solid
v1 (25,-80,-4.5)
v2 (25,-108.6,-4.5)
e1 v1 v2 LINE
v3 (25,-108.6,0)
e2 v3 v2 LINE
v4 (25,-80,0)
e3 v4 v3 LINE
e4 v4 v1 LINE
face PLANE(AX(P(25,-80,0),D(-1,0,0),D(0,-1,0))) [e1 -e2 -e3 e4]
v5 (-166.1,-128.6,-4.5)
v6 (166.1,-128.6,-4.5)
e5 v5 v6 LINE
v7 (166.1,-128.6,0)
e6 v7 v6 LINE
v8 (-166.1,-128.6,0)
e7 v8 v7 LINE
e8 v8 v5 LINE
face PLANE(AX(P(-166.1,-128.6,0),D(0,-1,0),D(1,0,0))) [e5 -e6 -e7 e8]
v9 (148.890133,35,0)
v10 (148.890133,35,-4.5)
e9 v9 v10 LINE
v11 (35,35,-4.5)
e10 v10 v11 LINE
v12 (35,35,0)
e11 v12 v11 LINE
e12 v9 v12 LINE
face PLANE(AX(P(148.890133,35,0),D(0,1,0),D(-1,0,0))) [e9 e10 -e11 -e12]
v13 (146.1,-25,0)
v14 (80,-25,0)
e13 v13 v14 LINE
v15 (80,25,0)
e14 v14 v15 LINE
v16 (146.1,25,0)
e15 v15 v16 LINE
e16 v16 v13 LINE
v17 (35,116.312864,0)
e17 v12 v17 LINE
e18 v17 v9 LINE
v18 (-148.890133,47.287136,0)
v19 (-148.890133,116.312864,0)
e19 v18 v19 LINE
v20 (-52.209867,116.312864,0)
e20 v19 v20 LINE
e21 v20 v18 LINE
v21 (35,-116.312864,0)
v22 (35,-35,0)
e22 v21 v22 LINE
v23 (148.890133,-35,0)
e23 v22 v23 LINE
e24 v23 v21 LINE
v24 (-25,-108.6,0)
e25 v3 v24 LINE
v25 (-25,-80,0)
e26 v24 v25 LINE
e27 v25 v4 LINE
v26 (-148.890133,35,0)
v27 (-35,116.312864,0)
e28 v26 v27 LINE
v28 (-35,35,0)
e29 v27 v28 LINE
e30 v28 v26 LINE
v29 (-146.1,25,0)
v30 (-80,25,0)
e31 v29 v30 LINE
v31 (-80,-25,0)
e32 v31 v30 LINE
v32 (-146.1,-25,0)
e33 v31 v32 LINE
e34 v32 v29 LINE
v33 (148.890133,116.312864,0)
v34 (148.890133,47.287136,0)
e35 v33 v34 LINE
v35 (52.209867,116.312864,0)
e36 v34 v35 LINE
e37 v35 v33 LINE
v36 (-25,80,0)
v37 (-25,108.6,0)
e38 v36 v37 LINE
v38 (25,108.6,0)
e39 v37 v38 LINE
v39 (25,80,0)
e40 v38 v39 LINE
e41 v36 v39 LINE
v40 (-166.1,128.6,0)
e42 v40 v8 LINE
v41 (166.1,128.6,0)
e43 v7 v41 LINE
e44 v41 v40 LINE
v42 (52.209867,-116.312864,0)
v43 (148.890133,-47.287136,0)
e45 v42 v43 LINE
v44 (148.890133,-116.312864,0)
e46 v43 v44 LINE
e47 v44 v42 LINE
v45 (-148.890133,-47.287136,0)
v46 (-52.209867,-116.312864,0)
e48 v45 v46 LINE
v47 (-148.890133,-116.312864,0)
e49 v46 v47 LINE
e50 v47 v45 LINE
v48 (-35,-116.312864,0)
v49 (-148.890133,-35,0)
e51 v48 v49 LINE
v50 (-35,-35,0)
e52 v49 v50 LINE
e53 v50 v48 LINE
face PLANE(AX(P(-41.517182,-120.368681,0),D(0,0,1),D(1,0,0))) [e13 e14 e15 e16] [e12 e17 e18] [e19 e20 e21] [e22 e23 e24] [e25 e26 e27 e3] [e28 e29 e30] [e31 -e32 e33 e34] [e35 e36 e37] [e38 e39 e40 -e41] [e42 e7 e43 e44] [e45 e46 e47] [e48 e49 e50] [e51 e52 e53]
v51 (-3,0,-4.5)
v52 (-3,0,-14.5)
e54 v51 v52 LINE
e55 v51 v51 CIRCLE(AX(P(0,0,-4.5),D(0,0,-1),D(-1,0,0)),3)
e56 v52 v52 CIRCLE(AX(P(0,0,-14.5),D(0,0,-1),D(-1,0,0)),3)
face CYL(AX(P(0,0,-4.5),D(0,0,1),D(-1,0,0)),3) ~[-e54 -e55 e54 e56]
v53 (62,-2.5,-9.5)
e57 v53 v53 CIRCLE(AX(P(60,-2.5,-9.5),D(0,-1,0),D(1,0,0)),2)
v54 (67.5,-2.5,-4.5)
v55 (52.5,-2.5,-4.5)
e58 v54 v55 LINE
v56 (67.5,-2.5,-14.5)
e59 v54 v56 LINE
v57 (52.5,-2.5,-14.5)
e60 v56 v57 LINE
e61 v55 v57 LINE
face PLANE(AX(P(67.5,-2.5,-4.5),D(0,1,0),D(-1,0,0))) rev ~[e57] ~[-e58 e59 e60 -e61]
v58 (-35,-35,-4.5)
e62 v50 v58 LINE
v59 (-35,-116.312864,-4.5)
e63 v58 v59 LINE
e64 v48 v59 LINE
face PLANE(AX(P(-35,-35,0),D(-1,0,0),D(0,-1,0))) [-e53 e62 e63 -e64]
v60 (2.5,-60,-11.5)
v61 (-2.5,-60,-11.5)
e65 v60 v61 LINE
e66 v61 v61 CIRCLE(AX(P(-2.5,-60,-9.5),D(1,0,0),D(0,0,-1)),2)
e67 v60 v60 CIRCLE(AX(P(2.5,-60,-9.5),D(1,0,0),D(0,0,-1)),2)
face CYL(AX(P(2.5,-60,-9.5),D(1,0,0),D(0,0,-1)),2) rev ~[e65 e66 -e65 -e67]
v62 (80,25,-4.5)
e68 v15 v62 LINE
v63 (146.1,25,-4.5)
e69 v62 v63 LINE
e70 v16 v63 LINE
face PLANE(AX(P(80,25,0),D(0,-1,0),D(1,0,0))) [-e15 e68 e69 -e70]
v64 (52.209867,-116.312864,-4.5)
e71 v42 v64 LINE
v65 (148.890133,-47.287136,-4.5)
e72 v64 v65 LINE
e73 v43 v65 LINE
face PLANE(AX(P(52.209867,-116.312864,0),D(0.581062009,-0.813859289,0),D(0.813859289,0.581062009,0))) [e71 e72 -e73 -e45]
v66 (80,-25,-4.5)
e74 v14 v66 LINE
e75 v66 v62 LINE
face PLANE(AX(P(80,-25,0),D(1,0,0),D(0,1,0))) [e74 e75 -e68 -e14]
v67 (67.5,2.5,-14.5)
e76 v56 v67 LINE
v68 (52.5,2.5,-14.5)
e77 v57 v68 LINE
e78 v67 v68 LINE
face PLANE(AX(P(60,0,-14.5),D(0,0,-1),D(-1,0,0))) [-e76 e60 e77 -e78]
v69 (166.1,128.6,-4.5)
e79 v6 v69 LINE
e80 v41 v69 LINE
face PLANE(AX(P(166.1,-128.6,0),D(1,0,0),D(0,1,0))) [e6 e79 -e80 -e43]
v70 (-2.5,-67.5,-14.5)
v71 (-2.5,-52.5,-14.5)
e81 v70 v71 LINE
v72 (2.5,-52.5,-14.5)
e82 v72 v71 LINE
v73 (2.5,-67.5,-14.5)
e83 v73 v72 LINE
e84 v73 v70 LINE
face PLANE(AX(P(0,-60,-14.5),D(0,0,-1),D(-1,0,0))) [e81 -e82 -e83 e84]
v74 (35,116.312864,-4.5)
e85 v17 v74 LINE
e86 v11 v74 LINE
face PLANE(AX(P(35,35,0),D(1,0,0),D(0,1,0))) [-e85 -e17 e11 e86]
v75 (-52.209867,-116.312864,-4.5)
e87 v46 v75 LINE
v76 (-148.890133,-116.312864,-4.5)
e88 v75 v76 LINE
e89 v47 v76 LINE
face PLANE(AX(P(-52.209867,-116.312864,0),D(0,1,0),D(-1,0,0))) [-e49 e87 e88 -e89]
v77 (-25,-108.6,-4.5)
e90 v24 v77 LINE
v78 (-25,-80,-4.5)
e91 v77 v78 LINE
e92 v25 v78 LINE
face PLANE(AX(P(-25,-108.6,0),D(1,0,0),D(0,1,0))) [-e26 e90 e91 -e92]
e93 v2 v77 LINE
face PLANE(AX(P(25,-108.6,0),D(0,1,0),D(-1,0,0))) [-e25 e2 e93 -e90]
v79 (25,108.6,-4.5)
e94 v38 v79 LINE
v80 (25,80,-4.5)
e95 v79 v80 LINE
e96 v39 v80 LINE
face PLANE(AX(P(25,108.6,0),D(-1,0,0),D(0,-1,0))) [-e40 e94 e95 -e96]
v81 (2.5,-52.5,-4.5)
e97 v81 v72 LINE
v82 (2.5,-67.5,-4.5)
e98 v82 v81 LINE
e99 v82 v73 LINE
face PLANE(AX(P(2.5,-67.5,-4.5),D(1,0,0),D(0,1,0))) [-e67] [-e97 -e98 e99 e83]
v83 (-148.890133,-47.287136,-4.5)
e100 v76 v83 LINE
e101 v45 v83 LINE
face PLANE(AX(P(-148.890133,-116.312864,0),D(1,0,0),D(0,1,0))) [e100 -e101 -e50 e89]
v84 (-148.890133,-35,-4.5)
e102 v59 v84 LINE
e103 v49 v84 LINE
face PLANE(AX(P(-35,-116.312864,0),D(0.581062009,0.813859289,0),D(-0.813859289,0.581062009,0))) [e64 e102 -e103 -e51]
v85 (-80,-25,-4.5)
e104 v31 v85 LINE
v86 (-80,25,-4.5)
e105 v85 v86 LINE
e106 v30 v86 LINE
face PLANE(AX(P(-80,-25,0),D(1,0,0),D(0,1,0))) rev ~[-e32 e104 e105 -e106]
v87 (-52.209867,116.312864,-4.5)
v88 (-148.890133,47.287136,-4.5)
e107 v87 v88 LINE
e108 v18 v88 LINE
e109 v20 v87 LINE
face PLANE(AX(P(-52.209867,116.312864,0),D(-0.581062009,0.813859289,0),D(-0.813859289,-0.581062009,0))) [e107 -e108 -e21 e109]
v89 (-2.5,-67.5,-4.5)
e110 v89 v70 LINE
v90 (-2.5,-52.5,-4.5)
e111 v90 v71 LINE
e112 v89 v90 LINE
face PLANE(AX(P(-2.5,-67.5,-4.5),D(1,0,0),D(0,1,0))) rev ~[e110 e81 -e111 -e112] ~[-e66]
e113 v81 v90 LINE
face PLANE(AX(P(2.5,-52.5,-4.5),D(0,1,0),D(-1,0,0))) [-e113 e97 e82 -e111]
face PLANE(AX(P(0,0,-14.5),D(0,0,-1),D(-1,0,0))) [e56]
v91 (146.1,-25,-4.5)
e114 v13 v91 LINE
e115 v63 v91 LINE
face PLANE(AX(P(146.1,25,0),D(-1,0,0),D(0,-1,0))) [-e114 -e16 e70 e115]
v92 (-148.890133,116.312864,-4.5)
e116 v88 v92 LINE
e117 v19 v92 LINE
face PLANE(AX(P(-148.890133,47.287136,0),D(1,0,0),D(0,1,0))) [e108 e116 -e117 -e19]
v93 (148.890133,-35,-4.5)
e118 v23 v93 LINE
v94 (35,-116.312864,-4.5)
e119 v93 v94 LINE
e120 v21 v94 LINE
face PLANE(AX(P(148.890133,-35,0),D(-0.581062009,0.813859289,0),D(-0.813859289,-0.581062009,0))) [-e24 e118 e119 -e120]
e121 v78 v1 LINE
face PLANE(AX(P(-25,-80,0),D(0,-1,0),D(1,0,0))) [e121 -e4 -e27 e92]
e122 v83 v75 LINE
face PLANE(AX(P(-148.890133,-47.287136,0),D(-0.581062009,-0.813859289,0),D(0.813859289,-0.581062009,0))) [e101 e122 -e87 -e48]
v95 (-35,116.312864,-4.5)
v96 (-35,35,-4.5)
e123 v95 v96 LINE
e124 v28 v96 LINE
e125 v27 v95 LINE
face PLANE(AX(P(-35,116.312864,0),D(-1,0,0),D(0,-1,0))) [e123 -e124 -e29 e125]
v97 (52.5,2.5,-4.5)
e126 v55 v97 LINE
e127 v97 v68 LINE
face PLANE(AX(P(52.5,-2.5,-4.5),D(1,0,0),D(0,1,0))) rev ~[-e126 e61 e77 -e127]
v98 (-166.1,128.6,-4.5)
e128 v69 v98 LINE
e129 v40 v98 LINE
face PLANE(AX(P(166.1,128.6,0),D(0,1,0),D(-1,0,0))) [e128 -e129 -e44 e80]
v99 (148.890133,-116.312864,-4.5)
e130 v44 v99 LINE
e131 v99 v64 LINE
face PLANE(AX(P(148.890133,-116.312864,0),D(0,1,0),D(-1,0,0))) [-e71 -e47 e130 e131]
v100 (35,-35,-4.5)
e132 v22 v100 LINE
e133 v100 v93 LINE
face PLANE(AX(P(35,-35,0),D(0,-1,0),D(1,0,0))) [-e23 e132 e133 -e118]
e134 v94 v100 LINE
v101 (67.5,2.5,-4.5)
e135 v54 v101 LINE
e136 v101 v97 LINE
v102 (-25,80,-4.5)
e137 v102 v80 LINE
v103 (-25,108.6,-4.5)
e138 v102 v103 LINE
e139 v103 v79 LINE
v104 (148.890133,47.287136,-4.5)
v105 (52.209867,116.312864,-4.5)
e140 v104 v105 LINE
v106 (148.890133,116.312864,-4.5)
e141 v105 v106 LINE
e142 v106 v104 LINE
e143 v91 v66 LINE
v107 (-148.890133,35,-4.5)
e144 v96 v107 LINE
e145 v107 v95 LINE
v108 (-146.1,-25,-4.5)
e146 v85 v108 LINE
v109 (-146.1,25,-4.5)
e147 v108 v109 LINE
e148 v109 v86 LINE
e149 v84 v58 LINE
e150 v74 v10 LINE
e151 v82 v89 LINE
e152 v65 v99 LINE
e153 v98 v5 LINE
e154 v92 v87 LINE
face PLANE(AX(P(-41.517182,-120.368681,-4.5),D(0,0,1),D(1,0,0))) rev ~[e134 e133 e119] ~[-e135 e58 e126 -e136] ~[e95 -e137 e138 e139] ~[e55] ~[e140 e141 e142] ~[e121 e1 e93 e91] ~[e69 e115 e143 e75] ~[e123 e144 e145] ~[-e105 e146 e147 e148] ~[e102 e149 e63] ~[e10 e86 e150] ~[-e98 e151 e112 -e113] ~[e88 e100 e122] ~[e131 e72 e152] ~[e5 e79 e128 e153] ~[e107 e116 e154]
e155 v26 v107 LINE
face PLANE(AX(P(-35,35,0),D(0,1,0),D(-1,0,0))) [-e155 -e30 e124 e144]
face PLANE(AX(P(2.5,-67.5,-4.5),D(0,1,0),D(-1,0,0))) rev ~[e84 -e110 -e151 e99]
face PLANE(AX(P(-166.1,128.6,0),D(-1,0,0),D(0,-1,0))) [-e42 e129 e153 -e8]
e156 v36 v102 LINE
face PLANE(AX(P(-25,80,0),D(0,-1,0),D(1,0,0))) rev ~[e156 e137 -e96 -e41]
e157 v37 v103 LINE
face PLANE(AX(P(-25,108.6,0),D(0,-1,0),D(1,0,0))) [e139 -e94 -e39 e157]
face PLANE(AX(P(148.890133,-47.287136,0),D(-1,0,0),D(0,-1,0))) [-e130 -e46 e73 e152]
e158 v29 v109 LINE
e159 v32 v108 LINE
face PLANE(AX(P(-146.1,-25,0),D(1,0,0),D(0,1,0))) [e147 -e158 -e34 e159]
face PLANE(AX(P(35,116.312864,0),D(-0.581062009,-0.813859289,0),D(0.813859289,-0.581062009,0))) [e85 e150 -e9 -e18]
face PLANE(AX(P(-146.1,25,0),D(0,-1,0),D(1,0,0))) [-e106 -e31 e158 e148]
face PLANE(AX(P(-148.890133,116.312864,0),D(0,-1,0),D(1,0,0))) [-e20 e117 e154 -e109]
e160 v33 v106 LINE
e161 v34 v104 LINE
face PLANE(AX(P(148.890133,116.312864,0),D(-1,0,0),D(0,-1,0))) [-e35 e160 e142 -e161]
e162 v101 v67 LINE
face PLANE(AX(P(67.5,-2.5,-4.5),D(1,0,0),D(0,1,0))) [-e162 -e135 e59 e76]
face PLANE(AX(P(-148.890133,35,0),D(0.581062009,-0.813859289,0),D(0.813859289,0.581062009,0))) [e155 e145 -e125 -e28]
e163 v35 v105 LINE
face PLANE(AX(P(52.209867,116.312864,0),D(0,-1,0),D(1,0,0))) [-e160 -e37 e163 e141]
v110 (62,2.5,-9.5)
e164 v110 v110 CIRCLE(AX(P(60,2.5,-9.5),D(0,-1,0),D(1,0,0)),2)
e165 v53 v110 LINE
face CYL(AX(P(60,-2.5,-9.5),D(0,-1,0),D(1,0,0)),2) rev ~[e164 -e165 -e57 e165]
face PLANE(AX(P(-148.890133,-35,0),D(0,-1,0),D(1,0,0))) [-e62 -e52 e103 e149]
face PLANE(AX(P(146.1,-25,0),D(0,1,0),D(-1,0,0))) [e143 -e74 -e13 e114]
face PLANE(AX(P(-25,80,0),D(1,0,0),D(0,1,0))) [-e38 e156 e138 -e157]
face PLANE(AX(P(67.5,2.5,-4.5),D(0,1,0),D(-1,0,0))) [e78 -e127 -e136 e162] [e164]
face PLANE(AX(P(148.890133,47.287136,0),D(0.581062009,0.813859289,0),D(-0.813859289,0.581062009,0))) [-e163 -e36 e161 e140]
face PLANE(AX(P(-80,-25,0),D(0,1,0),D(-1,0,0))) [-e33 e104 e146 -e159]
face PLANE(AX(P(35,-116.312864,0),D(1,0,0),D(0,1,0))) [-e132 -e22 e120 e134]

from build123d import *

# Parameters (mm, degrees)
IZIM1_W                     = 50
IZIM1_H                     = 50
IZIM1_H_2                   = 45
IZIM1_W_2                   = 45
Y_KSEKLIK_EKSTR_ZYON2_DEPTH = 4.5
IZIM2_R                     = 3
Y_KSEKLIK_EKSTR_ZYON3_DEPTH = 10
IZIM4_W                     = 15
IZIM4_H                     = 5
IZIM4_W_2                   = 5
IZIM4_H_2                   = 15
Y_KSEKLIK_EKSTR_ZYON5_DEPTH = 10
IZIM5_R                     = 2
KES_EKSTR_ZYON1_DEPTH       = 132.1
IZIM6_R                     = 2
KES_EKSTR_ZYON2_DEPTH       = 169.6


with BuildPart() as part:
    # Çizim1 → Yükseklik-Ekstrüzyon2 (new body)
    with BuildSketch(Plane.XY):
        Polygon((-35, -128.6), (-35, -116.312863708), (-52.209867178, -116.312863708), align=None)
        Polygon((-35, -116.312863708), (-148.890132822, -35), (-148.890132822, -47.287136292), (-52.209867178, -116.312863708), align=None)
        Polygon((-25, -35), (-35, -35), (-35, -116.312863708), (-35, -128.6), (35, -128.6), (35, -116.312863708), (35, -35), (25, -35), (25, -80), (25, -108.6), (-25, -108.6), (-25, -80), align=None)
        Polygon((-148.890132822, -47.287136292), (-166.1, -35), (-166.1, -128.6), (-35, -128.6), (-52.209867178, -116.312863708), (-148.890132822, -116.312863708), align=None)
        Polygon((-148.890132822, -35), (-166.1, -35), (-148.890132822, -47.287136292), align=None)
        Polygon((-35, 25), (-35, 35), (-148.890132822, 35), (-166.1, 35), (-166.1, -35), (-148.890132822, -35), (-35, -35), (-35, -25), (-80, -25), (-146.1, -25), (-146.1, 25), (-80, 25), align=None)
        Polygon((-25, 35), (-35, 35), (-35, 25), (-35, -25), (-35, -35), (-25, -35), (25, -35), (35, -35), (35, -25), (35, 25), (35, 35), (25, 35), align=None)
        Rectangle(IZIM1_W, IZIM1_H, mode=Mode.SUBTRACT)
        with Locations((0, -57.5)):
            Rectangle(IZIM1_W, IZIM1_H_2)
        Rectangle(IZIM1_W, IZIM1_H)
        with Locations((-57.5, 0)):
            Rectangle(IZIM1_W_2, IZIM1_H)
        with Locations((57.5, 0)):
            Rectangle(IZIM1_W_2, IZIM1_H)
        Polygon((148.890132822, 35), (35, 35), (35, 25), (80, 25), (146.1, 25), (146.1, -25), (80, -25), (35, -25), (35, -35), (148.890132822, -35), (166.1, -35), (166.1, 35), align=None)
        Polygon((148.890132822, -47.287136292), (148.890132822, -35), (35, -116.312863708), (52.209867178, -116.312863708), align=None)
        Polygon((148.890132822, -47.287136292), (166.1, -35), (148.890132822, -35), align=None)
        Polygon((166.1, -128.6), (166.1, -35), (148.890132822, -47.287136292), (148.890132822, -116.312863708), (52.209867178, -116.312863708), (35, -128.6), align=None)
        Polygon((52.209867178, -116.312863708), (35, -116.312863708), (35, -128.6), align=None)
        Polygon((52.209867178, 116.312863708), (35, 116.312863708), (148.890132822, 35), (148.890132822, 47.287136292), align=None)
        Polygon((148.890132822, 47.287136292), (148.890132822, 35), (166.1, 35), align=None)
        Polygon((166.1, 128.6), (35, 128.6), (52.209867178, 116.312863708), (148.890132822, 116.312863708), (148.890132822, 47.287136292), (166.1, 35), align=None)
        Polygon((52.209867178, 116.312863708), (35, 128.6), (35, 116.312863708), align=None)
        Polygon((35, 128.6), (-35, 128.6), (-35, 116.312863708), (-35, 35), (-25, 35), (-25, 80), (-25, 108.6), (25, 108.6), (25, 80), (25, 35), (35, 35), (35, 116.312863708), align=None)
        with Locations((0, 57.5)):
            Rectangle(IZIM1_W, IZIM1_H_2)
        Polygon((-35, 116.312863708), (-35, 128.6), (-52.209867178, 116.312863708), align=None)
        Polygon((-35, 116.312863708), (-52.209867178, 116.312863708), (-148.890132822, 47.287136292), (-148.890132822, 35), align=None)
        Polygon((-52.209867178, 116.312863708), (-35, 128.6), (-166.1, 128.6), (-166.1, 35), (-148.890132822, 47.287136292), (-148.890132822, 116.312863708), align=None)
        Polygon((-148.890132822, 35), (-148.890132822, 47.287136292), (-166.1, 35), align=None)
    extrude(amount=-Y_KSEKLIK_EKSTR_ZYON2_DEPTH)

    # Çizim2 → Yükseklik-Ekstrüzyon3 (add)
    with BuildSketch(Plane(origin=(0, 0, -4.5), x_dir=(-1, 0, 0), z_dir=(0, 0, -1))):
        Circle(IZIM2_R)
    extrude(amount=Y_KSEKLIK_EKSTR_ZYON3_DEPTH)

    # Çizim4 → Yükseklik-Ekstrüzyon5 (add)
    with BuildSketch(Plane(origin=(0, 0, -4.5), x_dir=(-1, 0, 0), z_dir=(0, 0, -1))):
        with Locations((-60, 0)):
            Rectangle(IZIM4_W, IZIM4_H)
        with Locations((0, -60)):
            Rectangle(IZIM4_W_2, IZIM4_H_2)
    extrude(amount=Y_KSEKLIK_EKSTR_ZYON5_DEPTH)

    # Çizim5 → Kes-Ekstrüzyon1 (cut, through all)
    with BuildSketch(Plane.XZ.offset(2.5)):
        with Locations((60, -9.5)):
            Circle(IZIM5_R)
        with Locations((60, -18.5)):
            Circle(IZIM5_R)
    extrude(amount=-KES_EKSTR_ZYON1_DEPTH, mode=Mode.SUBTRACT)

    # Çizim6 → Kes-Ekstrüzyon2 (cut, through all)
    with BuildSketch(Plane(origin=(2.5, 0, 0), x_dir=(0, 0, -1), z_dir=(1, 0, 0))):
        with Locations((9.5, -60)):
            Circle(IZIM6_R)
        with Locations((18.5, -60)):
            Circle(IZIM6_R)
    extrude(amount=-KES_EKSTR_ZYON2_DEPTH, mode=Mode.SUBTRACT)


solid = part.part
